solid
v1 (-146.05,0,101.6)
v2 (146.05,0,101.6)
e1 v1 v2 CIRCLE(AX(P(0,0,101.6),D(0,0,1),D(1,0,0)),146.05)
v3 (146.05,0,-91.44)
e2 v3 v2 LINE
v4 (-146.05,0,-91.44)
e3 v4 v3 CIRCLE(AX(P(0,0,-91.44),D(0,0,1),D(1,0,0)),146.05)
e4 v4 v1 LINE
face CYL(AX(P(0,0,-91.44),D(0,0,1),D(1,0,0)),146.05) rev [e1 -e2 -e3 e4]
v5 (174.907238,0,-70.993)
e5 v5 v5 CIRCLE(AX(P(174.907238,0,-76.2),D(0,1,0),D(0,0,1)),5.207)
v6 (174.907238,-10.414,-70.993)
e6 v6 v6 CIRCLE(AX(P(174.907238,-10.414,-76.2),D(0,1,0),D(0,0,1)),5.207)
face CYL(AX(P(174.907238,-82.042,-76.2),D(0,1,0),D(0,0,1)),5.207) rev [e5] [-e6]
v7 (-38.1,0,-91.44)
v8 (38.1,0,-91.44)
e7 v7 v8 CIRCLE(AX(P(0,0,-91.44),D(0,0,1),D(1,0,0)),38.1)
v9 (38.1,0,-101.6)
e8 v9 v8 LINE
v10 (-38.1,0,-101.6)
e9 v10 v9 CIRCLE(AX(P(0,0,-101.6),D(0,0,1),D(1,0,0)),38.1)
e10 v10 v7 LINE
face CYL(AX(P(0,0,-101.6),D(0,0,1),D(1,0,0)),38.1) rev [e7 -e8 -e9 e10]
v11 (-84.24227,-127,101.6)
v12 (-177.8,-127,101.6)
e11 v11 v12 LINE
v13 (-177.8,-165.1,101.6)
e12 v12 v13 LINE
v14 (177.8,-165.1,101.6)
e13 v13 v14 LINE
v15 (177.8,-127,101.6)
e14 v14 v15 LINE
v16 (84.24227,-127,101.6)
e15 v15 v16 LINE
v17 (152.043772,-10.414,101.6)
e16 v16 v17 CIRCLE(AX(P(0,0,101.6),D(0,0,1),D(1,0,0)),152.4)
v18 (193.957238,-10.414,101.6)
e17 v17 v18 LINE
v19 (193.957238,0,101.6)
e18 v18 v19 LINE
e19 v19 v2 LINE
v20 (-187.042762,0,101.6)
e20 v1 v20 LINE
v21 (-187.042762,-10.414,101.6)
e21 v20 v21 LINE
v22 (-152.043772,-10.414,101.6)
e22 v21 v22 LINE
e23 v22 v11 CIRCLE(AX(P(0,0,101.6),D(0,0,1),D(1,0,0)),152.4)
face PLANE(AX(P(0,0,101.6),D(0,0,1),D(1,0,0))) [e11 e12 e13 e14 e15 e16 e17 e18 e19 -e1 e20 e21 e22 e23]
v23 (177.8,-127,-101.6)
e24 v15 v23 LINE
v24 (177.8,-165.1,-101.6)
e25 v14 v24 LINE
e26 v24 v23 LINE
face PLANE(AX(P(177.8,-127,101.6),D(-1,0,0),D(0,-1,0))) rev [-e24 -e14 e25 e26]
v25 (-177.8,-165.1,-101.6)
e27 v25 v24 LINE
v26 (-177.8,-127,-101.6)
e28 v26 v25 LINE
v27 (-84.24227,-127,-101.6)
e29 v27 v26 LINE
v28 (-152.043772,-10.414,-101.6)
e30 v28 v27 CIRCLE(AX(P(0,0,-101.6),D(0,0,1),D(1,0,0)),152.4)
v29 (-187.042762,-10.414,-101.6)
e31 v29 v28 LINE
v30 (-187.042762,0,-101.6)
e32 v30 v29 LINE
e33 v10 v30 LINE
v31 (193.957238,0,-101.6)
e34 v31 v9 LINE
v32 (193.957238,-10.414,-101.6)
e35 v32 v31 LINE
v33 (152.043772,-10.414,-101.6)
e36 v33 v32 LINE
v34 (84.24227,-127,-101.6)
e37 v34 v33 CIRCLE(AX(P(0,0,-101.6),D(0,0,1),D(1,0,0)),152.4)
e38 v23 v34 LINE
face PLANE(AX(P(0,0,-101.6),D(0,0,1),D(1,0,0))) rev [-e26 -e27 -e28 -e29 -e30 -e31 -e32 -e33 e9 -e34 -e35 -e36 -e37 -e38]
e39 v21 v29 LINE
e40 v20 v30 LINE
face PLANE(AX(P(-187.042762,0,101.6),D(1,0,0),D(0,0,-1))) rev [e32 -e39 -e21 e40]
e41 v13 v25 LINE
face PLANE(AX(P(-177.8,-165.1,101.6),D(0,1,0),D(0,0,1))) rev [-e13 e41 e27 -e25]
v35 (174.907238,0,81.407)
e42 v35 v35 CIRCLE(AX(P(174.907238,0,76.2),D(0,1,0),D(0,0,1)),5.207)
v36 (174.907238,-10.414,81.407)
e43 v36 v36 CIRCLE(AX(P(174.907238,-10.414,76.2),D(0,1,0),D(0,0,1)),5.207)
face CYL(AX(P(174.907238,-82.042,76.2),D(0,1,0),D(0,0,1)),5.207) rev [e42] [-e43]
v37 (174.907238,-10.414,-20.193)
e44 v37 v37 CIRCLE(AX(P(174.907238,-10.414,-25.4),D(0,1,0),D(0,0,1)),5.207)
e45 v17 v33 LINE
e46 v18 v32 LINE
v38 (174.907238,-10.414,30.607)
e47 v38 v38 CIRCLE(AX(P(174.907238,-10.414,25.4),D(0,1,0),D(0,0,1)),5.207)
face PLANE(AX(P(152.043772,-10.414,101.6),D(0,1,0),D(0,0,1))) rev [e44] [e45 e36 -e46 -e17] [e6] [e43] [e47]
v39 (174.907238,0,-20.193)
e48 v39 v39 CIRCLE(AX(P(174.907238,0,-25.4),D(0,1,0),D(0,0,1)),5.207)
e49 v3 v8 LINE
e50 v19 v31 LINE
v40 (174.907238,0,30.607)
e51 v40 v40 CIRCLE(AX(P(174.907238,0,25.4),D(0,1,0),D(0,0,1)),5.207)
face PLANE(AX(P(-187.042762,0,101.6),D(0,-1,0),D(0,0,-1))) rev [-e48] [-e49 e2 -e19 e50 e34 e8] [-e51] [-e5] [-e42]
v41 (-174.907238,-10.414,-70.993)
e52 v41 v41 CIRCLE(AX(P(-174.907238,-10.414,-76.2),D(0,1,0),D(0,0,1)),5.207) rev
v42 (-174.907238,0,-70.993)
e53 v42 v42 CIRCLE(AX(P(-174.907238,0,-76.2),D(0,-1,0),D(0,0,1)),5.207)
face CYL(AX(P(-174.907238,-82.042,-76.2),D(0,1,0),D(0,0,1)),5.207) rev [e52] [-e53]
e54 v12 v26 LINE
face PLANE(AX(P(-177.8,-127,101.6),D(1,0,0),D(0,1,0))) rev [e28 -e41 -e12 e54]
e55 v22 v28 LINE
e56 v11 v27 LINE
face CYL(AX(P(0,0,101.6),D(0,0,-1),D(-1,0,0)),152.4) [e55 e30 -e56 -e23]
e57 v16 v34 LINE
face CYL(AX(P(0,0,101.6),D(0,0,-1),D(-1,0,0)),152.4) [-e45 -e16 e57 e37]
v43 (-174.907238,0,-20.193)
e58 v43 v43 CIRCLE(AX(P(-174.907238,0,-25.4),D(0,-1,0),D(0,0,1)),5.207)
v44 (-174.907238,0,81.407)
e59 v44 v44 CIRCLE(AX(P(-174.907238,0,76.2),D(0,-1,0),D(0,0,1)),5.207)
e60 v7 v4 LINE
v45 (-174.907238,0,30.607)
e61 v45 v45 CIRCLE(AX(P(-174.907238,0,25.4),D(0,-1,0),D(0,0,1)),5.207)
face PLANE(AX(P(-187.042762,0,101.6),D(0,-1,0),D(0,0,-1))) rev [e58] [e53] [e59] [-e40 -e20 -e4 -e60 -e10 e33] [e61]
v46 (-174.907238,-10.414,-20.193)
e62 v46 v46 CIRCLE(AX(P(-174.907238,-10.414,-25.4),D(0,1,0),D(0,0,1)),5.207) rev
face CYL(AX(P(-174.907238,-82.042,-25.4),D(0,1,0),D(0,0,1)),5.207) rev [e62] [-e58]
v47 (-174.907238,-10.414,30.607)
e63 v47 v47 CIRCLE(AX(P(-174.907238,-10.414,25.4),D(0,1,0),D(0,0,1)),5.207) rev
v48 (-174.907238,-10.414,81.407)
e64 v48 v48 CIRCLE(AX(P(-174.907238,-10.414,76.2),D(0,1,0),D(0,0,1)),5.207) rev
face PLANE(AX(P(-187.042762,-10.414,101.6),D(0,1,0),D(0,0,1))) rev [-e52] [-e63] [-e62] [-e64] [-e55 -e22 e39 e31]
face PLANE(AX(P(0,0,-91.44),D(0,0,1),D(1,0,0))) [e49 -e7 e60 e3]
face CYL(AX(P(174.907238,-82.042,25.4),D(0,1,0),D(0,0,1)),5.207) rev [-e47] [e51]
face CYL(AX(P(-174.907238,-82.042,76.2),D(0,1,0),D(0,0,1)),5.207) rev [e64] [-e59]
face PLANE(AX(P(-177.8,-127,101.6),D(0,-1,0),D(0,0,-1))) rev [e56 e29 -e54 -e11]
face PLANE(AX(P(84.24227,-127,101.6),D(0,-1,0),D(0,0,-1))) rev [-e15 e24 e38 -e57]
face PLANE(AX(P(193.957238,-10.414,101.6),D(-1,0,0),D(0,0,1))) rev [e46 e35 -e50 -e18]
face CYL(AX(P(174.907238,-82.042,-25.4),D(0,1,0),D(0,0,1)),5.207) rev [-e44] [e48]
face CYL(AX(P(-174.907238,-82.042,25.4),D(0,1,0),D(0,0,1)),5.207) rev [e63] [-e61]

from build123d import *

# Parameters (mm, degrees)
BOSS_EXTRUDE1_DEPTH = 101.6
CUT_EXTRUDE1_DEPTH  = 193.04
CUT_EXTRUDE2_DEPTH  = 320.596404315
SKETCH5_R           = 5.207
CUT_EXTRUDE4_DEPTH  = 82.042


with BuildPart() as part:
    # Sketch2 → Boss-Extrude1 (new, symmetric)
    with BuildSketch(Plane.XY):
        with BuildLine():
            Line((-187.042762313, 0), (193.957237687, 0))
            Line((193.957237687, 0), (193.957237687, -10.414))
            Line((193.957237687, -10.414), (152.043772, -10.414))
            ThreePointArc((152.043772, -10.414), (131.741592603, -76.615356022), (84.242269675, -127))
            Line((84.242269675, -127), (177.8, -127))
            Line((177.8, -127), (177.8, -165.1))
            Line((177.8, -165.1), (-177.8, -165.1))
            Line((-177.8, -165.1), (-177.8, -127))
            Line((-177.8, -127), (-84.242269675, -127))
            ThreePointArc((-84.242269675, -127), (-131.741592603, -76.615356022), (-152.043772, -10.414))
            Line((-152.043772, -10.414), (-187.042762313, -10.414))
            Line((-187.042762313, -10.414), (-187.042762313, 0))
        make_face()
    extrude(amount=BOSS_EXTRUDE1_DEPTH, both=True)

    # Sketch3 → Cut-Extrude1 (cut)
    with BuildSketch(Plane.XY.offset(101.6)):
        with BuildLine():
            Line((-146.05, 0), (146.05, 0))
            ThreePointArc((146.05, 0), (0, -146.05), (-146.05, 0))
        make_face()
    extrude(amount=-CUT_EXTRUDE1_DEPTH, mode=Mode.SUBTRACT)

    # Sketch4 → Cut-Extrude2 (cut, through all)
    with BuildSketch(Plane.XY.offset(-91.44)):
        with BuildLine():
            Line((-38.1, 0), (38.1, 0))
            ThreePointArc((38.1, 0), (0, -38.1), (-38.1, 0))
        make_face()
    extrude(amount=-CUT_EXTRUDE2_DEPTH, mode=Mode.SUBTRACT)

    # Sketch5 → Cut-Extrude4 (cut)
    with BuildSketch(Plane(origin=(0, 0, 0), x_dir=(1, 0, 0), z_dir=(0, 1, 0))):
        with Locations(Location((174.907237687, -76.2, 0), (0, 0, 270))):
            Circle(SKETCH5_R)
        with Locations(Location((174.907237687, -25.4, 0), (0, 0, 270))):
            Circle(SKETCH5_R)
        with Locations(Location((174.907237687, 25.4, 0), (0, 0, 270))):
            Circle(SKETCH5_R)
        with Locations(Location((174.907237687, 76.2, 0), (0, 0, 270))):
            Circle(SKETCH5_R)
    cut_extrude4 = extrude(amount=-CUT_EXTRUDE4_DEPTH, mode=Mode.SUBTRACT)

    # Mirror1: Cut-Extrude4 across plane
    add(cut_extrude4.mirror(Plane(origin=(0, 0, 0), x_dir=(0, 0, 1), z_dir=(1, 0, 0))), mode=Mode.SUBTRACT)


solid = part.part
